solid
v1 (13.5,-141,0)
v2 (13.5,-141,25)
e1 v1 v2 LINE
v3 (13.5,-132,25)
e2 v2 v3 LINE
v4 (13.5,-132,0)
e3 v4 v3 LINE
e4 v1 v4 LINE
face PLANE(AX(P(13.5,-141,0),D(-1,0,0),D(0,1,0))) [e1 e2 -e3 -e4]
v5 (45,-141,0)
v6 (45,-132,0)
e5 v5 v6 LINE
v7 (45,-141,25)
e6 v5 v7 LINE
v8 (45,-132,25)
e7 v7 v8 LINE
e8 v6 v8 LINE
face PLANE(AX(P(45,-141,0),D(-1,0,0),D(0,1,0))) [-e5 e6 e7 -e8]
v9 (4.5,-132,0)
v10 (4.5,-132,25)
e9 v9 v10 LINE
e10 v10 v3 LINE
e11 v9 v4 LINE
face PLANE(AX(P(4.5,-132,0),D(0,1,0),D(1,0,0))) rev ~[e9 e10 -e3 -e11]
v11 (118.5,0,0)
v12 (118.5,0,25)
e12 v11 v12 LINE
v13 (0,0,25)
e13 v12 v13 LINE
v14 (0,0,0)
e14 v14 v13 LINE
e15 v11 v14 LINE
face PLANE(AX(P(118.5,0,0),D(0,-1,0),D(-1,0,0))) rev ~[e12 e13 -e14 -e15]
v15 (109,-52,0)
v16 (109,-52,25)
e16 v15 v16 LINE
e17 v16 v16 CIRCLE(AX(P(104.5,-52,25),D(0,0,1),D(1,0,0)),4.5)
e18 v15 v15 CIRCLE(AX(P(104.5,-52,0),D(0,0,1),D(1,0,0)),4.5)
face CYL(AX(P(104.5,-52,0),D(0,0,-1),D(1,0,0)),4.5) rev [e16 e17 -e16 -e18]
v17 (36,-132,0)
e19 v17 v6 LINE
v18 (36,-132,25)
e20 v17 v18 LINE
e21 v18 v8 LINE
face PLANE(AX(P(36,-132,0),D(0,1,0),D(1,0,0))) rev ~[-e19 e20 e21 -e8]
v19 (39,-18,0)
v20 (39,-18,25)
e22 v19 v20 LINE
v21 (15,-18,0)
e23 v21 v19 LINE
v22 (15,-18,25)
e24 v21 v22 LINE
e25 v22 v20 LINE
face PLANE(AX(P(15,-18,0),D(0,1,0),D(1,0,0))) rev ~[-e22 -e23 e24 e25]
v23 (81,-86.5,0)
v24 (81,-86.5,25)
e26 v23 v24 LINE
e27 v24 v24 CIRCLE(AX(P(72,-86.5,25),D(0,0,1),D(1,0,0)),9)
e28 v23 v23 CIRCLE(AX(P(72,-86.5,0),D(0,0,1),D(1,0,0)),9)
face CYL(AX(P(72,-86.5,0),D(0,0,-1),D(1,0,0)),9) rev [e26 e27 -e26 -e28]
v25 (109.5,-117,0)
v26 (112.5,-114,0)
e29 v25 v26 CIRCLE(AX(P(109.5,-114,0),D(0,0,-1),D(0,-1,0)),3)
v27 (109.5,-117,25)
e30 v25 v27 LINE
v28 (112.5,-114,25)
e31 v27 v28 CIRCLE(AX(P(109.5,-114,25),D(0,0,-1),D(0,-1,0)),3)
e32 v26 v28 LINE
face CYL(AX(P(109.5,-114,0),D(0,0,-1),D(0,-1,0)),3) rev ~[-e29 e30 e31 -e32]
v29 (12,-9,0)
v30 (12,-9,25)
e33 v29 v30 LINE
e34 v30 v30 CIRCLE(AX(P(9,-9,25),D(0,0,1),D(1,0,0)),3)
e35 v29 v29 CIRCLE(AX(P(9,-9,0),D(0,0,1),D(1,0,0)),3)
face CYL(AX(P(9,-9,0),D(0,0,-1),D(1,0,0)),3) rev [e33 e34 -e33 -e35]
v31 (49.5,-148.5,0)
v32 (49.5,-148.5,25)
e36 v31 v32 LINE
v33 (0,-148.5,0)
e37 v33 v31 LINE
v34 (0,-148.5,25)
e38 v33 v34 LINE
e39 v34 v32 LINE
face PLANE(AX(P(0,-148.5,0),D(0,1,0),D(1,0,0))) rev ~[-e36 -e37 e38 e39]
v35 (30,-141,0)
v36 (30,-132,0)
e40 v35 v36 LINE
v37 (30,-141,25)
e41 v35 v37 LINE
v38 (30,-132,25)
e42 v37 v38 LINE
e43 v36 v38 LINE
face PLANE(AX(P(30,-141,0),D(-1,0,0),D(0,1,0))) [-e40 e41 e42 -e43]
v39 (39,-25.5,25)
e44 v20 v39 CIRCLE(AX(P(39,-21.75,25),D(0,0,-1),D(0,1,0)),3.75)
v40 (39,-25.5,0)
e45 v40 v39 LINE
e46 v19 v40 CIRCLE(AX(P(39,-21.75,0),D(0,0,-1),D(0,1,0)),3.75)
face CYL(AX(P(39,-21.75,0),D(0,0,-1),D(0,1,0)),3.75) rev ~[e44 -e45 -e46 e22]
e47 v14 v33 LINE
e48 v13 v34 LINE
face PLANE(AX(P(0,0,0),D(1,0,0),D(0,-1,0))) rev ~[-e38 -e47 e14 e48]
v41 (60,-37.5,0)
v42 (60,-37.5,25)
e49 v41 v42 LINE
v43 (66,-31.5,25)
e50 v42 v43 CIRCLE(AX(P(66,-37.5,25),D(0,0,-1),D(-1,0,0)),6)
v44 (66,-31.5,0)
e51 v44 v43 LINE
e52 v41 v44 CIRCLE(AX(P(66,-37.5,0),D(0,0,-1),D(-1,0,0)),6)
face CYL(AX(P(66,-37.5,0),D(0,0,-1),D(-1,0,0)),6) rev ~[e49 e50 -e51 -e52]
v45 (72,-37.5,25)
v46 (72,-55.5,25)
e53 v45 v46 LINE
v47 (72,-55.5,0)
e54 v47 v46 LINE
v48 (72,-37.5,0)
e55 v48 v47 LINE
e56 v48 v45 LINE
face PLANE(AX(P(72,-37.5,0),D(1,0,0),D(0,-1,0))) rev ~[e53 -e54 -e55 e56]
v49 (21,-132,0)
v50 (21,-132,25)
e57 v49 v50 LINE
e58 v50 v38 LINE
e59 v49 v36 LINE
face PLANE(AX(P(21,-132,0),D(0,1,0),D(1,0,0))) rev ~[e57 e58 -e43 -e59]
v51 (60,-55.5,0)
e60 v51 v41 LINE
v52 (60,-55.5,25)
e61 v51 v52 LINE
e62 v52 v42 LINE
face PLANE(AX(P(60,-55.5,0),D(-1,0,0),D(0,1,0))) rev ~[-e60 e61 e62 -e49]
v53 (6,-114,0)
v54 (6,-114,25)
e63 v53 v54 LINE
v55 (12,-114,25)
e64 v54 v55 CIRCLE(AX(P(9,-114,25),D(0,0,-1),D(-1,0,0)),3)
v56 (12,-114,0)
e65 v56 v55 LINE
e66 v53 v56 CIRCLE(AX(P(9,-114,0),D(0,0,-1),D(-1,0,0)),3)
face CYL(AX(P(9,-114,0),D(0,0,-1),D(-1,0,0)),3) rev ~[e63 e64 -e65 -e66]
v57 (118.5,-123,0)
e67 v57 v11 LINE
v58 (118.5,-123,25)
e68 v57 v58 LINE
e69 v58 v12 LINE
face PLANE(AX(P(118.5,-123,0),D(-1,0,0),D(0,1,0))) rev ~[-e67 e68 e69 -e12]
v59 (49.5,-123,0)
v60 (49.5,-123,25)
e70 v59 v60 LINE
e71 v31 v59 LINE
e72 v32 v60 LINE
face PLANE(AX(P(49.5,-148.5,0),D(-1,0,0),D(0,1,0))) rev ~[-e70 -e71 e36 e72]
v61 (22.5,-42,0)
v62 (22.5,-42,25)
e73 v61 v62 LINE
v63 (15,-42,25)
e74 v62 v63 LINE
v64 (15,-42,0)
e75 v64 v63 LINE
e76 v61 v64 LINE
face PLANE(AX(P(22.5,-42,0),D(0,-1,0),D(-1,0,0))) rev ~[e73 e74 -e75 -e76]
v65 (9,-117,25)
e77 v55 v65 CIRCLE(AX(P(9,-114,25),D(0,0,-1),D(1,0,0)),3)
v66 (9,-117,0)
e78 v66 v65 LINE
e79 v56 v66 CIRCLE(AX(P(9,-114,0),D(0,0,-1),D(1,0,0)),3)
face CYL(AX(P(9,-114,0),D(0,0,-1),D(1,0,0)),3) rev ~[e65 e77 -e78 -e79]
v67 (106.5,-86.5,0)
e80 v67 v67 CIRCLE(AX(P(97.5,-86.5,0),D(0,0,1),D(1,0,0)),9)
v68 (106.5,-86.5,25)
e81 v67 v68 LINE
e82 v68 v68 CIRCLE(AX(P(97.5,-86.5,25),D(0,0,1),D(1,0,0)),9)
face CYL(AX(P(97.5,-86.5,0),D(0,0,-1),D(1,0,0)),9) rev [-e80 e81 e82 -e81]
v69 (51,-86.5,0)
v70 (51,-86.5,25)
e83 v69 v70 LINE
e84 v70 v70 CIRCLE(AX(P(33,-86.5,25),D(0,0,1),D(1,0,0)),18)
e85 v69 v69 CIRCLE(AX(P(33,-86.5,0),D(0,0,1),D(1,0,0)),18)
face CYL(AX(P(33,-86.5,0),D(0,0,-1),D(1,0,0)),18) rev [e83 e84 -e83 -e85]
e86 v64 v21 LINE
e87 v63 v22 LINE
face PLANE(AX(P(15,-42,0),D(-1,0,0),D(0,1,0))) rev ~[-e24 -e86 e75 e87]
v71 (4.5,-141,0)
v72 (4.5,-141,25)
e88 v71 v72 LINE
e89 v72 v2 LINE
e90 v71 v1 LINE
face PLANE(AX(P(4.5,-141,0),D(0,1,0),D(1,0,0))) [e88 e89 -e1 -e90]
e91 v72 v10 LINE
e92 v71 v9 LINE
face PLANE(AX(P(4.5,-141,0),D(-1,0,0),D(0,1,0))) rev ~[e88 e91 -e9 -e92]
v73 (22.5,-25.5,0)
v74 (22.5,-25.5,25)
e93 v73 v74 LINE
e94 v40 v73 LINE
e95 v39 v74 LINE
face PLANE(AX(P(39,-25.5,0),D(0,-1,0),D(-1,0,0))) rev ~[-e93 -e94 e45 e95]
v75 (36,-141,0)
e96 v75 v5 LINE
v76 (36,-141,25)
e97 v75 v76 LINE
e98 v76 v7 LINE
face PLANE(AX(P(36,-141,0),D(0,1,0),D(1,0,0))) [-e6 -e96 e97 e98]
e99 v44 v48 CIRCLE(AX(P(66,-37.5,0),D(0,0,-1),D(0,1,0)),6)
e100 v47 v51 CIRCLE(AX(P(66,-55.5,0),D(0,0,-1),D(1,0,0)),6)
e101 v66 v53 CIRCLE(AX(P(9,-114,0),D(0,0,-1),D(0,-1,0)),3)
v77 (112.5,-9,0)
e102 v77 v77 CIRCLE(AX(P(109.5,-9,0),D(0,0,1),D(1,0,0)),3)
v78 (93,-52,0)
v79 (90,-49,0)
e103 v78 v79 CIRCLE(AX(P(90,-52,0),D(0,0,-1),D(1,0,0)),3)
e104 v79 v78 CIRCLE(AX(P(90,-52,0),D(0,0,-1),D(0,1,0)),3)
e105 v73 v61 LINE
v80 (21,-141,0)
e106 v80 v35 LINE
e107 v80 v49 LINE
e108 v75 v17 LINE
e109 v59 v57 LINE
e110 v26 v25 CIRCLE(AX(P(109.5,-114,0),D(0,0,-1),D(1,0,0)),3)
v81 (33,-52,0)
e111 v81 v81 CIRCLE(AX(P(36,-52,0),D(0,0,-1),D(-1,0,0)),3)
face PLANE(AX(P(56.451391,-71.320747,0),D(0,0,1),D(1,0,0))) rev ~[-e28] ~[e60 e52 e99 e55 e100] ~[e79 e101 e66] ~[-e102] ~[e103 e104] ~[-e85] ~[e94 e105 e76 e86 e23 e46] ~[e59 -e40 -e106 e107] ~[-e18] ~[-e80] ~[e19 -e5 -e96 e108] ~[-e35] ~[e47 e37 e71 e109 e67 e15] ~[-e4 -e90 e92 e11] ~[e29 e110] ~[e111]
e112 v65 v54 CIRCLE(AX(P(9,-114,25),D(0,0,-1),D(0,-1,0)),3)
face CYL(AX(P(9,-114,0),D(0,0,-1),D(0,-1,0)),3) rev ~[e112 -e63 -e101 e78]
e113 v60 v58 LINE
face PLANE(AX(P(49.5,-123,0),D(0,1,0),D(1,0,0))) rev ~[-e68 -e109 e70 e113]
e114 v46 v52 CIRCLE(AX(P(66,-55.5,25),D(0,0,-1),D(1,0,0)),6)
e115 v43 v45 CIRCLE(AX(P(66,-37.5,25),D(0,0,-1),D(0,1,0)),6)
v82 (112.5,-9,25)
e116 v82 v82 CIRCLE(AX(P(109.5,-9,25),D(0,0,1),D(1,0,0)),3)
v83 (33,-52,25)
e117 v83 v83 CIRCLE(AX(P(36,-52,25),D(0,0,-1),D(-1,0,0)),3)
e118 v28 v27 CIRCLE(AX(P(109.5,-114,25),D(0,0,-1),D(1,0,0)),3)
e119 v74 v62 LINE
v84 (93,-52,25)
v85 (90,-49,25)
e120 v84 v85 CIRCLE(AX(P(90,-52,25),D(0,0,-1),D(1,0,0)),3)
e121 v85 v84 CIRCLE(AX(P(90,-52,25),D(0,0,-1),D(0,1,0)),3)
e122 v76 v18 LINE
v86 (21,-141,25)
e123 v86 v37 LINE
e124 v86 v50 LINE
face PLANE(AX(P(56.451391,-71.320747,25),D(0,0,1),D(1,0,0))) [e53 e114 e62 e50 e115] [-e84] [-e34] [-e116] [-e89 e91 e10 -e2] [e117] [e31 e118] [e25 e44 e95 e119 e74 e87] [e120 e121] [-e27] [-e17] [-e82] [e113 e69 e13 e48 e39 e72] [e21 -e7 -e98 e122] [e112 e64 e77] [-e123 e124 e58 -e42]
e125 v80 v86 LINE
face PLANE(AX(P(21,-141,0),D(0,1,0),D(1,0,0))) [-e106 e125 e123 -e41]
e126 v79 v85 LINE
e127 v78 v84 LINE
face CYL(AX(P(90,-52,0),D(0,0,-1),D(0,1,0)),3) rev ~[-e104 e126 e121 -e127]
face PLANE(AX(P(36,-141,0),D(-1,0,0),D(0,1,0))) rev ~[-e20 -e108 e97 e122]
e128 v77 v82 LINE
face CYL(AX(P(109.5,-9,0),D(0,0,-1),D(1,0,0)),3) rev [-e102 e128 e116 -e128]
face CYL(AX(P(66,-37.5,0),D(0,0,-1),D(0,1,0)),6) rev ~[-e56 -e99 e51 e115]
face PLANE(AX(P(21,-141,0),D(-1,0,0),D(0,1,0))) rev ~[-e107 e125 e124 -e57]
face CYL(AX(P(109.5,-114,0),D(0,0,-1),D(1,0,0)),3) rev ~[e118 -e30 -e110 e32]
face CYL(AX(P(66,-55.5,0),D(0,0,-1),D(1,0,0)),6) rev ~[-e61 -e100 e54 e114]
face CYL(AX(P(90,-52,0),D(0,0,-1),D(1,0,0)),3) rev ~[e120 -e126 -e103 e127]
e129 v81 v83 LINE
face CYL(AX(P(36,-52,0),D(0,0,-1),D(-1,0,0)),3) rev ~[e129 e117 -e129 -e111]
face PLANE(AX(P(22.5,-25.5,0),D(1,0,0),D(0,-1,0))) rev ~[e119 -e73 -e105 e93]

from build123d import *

# Parameters (mm, degrees)
F0_W     = 9
F0_H     = 9
F0_R     = 18
F0_R_2   = 9
F0_R_3   = 3
F0_R_4   = 4.5
F1_DEPTH = 25


with BuildPart() as f1:
    # F0 (on Top) → F1 (new body)
    with BuildSketch(Plane.XY):
        with BuildLine():
            Line((9, 0), (0, 0))
            Line((0, 0), (0, -9))
            Line((0, -9), (0, -18))
            Line((0, -18), (0, -52))
            Line((0, -52), (0, -114))
            Line((0, -114), (0, -132))
            Line((0, -132), (0, -148.5))
            Line((0, -148.5), (49.5, -148.5))
            Line((49.5, -148.5), (49.5, -123))
            Line((49.5, -123), (109.5, -123))
            Line((109.5, -123), (109.5, -117))
            ThreePointArc((109.5, -117), (107.3786796564, -111.8786796564), (112.5, -114))
            Line((112.5, -114), (118.5, -114))
            Line((118.5, -114), (118.5, -86.5))
            Line((118.5, -86.5), (118.5, -9))
            Line((118.5, -9), (118.5, 0))
            Line((118.5, 0), (109.5, 0))
            Line((109.5, 0), (90, 0))
            Line((90, 0), (66, 0))
            Line((66, 0), (39, 0))
            Line((39, 0), (9, 0))
        make_face()
        with Locations((9, -136.5)):
            Rectangle(F0_W, F0_H, mode=Mode.SUBTRACT)
        with Locations((25.5, -136.5)):
            Rectangle(F0_W, F0_H, mode=Mode.SUBTRACT)
        with BuildLine():
            ThreePointArc((9, -117), (6.8786796564, -116.1213203436), (6, -114))
            ThreePointArc((6, -114), (9, -111), (12, -114))
            ThreePointArc((12, -114), (11.1213203436, -116.1213203436), (9, -117))
        make_face(mode=Mode.SUBTRACT)
        with Locations((40.5, -136.5)):
            Rectangle(F0_W, F0_H, mode=Mode.SUBTRACT)
        with Locations((33, -86.5)):
            Circle(F0_R, mode=Mode.SUBTRACT)
        with Locations((72, -86.5)):
            Circle(F0_R_2, mode=Mode.SUBTRACT)
        with Locations((97.5, -86.5)):
            Circle(F0_R_2, mode=Mode.SUBTRACT)
        with BuildLine():
            ThreePointArc((39, -52), (36, -55), (33, -52))
            ThreePointArc((33, -52), (36, -49), (39, -52))
        make_face(mode=Mode.SUBTRACT)
        with BuildLine():
            Line((15, -18), (39, -18))
            ThreePointArc((39, -18), (42.75, -21.75), (39, -25.5))
            Line((39, -25.5), (22.5, -25.5))
            Line((22.5, -25.5), (22.5, -42))
            Line((22.5, -42), (15, -42))
            Line((15, -42), (15, -18))
        make_face(mode=Mode.SUBTRACT)
        with Locations((9, -9)):
            Circle(F0_R_3, mode=Mode.SUBTRACT)
        with BuildLine():
            ThreePointArc((66, -31.5), (70.2426406871, -33.2573593129), (72, -37.5))
            Line((72, -37.5), (72, -55.5))
            ThreePointArc((72, -55.5), (66, -61.5), (60, -55.5))
            Line((60, -55.5), (60, -37.5))
            ThreePointArc((60, -37.5), (61.7573593129, -33.2573593129), (66, -31.5))
        make_face(mode=Mode.SUBTRACT)
        with BuildLine():
            ThreePointArc((90, -49), (92.1213203436, -49.8786796564), (93, -52))
            ThreePointArc((93, -52), (87.8786796564, -54.1213203436), (90, -49))
        make_face(mode=Mode.SUBTRACT)
        with Locations((104.5, -52)):
            Circle(F0_R_4, mode=Mode.SUBTRACT)
        with Locations((109.5, -9)):
            Circle(F0_R_3, mode=Mode.SUBTRACT)
        with BuildLine():
            Line((118.5, -123), (118.5, -114))
            Line((118.5, -114), (112.5, -114))
            ThreePointArc((112.5, -114), (111.6213203436, -116.1213203436), (109.5, -117))
            Line((109.5, -117), (109.5, -123))
            Line((109.5, -123), (118.5, -123))
        make_face()
    extrude(amount=F1_DEPTH)


solid = f1.part
